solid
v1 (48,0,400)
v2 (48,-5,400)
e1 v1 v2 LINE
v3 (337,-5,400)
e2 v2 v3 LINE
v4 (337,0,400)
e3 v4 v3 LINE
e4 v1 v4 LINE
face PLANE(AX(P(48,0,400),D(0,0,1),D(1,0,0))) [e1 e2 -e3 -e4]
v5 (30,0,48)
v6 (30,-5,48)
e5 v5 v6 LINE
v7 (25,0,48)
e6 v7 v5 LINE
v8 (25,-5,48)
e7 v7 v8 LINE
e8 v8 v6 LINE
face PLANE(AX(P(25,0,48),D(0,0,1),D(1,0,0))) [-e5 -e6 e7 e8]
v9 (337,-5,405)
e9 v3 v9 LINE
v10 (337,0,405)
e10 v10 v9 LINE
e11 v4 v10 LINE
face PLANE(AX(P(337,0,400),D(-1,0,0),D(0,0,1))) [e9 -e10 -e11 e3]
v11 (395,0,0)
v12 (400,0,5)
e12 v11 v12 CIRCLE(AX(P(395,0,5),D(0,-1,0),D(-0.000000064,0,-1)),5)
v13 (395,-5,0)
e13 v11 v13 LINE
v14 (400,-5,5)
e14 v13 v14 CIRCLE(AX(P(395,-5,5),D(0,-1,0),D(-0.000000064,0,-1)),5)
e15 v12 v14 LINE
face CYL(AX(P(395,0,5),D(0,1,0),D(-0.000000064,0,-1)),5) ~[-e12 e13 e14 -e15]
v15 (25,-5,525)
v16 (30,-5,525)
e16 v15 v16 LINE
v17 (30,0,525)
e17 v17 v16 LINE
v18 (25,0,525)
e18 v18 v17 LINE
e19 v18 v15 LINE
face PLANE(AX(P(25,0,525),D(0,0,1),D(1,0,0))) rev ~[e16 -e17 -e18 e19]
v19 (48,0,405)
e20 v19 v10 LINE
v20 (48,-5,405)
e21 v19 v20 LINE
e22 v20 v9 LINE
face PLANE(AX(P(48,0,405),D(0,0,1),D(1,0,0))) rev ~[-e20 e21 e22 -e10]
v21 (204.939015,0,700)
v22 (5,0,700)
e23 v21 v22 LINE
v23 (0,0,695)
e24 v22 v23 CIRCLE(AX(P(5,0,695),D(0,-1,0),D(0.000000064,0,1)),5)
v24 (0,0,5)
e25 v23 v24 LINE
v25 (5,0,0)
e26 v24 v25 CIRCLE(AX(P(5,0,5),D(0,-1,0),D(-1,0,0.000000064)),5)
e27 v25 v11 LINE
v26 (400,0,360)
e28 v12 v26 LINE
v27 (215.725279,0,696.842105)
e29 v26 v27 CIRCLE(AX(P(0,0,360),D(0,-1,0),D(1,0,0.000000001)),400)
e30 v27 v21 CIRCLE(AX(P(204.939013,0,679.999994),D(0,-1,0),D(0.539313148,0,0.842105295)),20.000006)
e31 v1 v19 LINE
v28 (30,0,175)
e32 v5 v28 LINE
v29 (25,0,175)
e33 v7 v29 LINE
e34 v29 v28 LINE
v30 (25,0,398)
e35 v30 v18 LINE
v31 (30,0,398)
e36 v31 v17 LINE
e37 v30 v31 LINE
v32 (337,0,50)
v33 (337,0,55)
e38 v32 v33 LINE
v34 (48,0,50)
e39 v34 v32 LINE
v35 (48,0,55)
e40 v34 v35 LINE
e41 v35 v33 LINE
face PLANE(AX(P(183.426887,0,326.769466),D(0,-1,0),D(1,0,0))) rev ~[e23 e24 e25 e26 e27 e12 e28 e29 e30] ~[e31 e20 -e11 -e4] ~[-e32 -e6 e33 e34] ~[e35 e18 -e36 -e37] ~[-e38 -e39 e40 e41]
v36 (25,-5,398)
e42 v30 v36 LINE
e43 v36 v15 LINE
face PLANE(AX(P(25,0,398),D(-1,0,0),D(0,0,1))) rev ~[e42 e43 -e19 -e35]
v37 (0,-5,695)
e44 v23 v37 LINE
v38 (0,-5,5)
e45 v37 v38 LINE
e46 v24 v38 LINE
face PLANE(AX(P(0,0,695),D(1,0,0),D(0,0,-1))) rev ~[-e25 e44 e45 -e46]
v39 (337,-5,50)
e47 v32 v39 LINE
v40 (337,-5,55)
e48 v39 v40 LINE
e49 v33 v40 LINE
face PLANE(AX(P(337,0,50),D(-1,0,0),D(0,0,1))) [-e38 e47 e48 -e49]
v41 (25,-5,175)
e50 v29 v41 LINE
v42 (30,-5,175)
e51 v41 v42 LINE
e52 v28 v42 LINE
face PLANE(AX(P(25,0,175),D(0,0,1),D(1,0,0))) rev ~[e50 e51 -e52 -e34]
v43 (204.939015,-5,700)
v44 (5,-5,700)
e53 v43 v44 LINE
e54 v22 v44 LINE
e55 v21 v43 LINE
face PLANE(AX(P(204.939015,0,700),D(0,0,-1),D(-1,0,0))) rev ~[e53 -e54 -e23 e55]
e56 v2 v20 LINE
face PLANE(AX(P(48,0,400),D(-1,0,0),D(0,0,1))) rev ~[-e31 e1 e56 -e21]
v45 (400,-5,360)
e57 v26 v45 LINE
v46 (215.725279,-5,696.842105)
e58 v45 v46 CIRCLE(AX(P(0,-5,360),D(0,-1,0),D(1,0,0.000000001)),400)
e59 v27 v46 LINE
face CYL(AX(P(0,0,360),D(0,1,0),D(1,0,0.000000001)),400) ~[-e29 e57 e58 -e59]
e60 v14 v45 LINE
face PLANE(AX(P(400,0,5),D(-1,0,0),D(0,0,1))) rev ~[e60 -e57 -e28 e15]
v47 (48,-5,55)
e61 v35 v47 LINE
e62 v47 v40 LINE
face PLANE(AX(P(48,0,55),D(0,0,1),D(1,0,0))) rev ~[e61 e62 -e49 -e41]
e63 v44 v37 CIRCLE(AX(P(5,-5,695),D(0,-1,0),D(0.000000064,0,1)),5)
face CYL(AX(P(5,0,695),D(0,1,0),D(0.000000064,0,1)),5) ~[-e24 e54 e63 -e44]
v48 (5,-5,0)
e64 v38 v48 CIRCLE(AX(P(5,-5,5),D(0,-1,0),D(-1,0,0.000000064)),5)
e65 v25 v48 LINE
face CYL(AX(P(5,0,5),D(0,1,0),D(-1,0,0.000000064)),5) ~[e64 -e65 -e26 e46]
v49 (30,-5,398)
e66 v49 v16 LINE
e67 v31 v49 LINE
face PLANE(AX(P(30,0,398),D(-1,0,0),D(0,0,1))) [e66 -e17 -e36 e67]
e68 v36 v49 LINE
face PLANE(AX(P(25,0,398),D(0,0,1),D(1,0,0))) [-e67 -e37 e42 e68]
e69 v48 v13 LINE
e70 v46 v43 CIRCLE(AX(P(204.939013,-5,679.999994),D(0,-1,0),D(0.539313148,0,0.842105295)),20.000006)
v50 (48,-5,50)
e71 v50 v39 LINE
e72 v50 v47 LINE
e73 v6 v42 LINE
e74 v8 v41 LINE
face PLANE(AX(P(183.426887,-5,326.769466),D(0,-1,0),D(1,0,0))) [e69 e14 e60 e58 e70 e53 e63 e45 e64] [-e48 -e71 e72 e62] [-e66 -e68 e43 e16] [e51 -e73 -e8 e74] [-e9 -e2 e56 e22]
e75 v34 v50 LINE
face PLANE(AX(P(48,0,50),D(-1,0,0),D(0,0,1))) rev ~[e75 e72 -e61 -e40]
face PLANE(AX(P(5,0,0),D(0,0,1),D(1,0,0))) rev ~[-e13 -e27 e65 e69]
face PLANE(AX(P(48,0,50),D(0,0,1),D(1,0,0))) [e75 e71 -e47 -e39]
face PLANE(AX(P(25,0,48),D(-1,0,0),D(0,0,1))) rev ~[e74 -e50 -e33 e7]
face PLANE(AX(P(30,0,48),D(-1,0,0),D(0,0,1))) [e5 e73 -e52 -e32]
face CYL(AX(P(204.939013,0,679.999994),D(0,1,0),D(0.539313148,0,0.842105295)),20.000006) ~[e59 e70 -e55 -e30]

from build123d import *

# Parameters (mm, degrees)
F0_W     = 5
F0_H     = 127
F0_W_2   = 289
F0_H_2   = 5
F1_DEPTH = 5


with BuildPart() as f1:
    # F0 (on Front) → F1 (new body)
    with BuildSketch(Plane.XZ):
        with BuildLine():
            ThreePointArc((0, 5), (1.464466, 1.464466), (5, 0))
            Line((5, 0), (395, 0))
            ThreePointArc((395, 0), (398.535534, 1.464466), (400, 5))
            Line((400, 5), (400, 360))
            ThreePointArc((400, 360), (350.920298, 551.976416), (215.725279, 696.842105))
            ThreePointArc((215.725279, 696.842105), (210.55853, 699.194297), (204.939015, 700))
            Line((204.939015, 700), (5, 700))
            ThreePointArc((5, 700), (1.464466, 698.535534), (0, 695))
            Line((0, 695), (0, 5))
        make_face()
        with Locations((27.5, 111.5)):
            Rectangle(F0_W, F0_H, mode=Mode.SUBTRACT)
        with Locations((192.5, 52.5)):
            Rectangle(F0_W_2, F0_H_2, mode=Mode.SUBTRACT)
        with Locations((27.5, 461.5)):
            Rectangle(F0_W, F0_H, mode=Mode.SUBTRACT)
        with Locations((192.5, 402.5)):
            Rectangle(F0_W_2, F0_H_2, mode=Mode.SUBTRACT)
    extrude(amount=F1_DEPTH)


solid = f1.part
